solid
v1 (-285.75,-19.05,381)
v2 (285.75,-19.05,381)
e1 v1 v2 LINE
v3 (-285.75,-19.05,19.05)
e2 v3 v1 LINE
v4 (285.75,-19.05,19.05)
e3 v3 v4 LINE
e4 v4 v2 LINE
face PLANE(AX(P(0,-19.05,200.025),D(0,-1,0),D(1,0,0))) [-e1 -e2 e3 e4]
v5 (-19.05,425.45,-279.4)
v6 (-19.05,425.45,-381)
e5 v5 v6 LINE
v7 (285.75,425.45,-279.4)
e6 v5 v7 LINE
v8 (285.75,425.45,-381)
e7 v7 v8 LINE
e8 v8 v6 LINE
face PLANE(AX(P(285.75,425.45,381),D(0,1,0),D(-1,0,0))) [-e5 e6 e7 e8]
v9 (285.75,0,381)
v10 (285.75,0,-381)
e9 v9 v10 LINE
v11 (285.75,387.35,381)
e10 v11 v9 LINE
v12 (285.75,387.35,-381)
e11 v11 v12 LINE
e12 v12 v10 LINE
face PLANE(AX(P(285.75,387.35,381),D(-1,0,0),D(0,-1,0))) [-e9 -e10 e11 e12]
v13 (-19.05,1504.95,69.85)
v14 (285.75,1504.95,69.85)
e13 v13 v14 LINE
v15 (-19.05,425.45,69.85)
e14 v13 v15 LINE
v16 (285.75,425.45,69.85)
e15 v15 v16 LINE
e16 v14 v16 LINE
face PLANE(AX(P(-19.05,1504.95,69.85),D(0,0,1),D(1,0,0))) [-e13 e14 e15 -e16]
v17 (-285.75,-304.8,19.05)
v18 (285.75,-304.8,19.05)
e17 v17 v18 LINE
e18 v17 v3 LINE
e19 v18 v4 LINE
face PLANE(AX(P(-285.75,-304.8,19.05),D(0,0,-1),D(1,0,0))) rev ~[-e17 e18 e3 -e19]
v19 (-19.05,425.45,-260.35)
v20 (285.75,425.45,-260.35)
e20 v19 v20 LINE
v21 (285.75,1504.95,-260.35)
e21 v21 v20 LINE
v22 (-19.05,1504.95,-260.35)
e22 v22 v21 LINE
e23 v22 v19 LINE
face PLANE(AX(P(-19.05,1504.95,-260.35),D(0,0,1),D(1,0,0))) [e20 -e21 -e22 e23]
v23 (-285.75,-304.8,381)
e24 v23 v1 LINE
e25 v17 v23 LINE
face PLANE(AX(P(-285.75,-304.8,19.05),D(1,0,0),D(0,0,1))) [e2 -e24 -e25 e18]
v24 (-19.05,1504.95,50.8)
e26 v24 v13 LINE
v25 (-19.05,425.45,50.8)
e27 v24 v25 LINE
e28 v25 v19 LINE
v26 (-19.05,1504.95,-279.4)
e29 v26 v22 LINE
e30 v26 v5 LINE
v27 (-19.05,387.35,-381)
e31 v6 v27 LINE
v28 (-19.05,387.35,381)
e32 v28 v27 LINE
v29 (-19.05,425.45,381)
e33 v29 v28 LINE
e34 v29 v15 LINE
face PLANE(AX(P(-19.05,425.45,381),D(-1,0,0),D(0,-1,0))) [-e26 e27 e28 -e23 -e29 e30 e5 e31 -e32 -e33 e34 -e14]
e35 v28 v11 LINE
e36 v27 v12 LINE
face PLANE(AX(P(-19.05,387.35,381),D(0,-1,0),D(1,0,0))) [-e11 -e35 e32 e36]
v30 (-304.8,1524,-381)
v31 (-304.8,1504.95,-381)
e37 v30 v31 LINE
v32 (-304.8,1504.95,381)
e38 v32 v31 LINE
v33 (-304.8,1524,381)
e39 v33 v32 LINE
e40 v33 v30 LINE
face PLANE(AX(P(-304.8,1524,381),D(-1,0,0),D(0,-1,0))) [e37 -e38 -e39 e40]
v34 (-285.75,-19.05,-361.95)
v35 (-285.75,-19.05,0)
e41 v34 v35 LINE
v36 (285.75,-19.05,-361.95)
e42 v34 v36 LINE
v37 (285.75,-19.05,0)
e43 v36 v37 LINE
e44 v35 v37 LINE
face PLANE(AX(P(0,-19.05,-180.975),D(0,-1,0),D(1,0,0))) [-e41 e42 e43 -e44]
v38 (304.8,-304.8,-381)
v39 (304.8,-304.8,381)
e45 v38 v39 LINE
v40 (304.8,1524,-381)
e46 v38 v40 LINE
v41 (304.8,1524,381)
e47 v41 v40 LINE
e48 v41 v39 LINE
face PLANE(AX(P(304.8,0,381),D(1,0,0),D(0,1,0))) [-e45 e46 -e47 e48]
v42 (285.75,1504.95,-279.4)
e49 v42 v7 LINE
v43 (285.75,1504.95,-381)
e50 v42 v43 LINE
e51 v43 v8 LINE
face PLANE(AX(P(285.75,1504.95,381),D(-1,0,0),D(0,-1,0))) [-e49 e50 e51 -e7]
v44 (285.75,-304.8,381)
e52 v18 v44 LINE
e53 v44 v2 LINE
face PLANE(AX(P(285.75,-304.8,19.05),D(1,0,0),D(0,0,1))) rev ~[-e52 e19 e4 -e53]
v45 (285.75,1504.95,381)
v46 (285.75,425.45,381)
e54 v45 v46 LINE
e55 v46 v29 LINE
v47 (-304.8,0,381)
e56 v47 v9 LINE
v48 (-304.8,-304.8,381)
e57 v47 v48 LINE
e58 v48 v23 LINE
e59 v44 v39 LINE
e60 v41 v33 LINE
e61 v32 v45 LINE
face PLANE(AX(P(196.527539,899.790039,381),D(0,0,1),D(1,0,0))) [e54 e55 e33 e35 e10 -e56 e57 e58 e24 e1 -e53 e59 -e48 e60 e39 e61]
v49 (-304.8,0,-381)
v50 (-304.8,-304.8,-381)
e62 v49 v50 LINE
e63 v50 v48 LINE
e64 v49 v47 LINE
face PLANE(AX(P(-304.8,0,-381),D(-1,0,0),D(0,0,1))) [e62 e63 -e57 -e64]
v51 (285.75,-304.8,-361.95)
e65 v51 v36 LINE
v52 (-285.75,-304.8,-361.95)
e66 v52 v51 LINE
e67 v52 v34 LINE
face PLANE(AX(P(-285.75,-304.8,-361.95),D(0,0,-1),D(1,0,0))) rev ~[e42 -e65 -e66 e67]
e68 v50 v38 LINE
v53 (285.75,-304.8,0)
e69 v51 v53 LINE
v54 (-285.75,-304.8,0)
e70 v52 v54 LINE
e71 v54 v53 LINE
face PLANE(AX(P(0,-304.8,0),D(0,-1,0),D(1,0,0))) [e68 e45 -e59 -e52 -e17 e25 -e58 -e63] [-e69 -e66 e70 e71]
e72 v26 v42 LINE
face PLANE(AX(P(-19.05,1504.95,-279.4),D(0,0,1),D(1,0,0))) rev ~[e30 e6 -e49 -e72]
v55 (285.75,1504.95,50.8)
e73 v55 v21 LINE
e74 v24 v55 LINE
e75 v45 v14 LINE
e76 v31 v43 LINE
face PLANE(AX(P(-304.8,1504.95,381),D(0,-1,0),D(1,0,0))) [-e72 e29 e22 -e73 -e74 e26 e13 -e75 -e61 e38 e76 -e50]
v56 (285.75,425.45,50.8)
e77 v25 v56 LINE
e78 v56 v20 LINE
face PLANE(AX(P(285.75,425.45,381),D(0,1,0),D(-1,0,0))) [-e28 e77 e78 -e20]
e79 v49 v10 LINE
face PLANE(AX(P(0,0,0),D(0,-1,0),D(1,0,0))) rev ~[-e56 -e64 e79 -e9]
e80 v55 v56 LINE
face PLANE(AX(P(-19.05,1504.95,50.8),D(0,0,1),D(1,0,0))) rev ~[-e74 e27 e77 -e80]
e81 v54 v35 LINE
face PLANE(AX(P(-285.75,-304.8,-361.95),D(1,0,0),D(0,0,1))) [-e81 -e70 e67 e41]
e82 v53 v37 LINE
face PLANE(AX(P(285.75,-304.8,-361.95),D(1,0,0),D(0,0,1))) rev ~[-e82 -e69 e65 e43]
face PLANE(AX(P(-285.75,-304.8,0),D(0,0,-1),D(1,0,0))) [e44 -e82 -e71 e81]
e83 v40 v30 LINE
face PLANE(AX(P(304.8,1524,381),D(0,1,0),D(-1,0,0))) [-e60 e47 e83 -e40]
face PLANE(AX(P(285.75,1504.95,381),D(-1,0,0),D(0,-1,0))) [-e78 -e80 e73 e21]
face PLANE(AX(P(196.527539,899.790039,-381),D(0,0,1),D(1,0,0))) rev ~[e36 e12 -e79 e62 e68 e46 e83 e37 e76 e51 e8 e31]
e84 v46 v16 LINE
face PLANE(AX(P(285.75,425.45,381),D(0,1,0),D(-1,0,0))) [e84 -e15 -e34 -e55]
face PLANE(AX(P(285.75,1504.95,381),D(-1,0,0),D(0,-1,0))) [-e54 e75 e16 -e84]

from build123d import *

# Parameters (mm, degrees)
F0_W     = 609.6
F0_H     = 762
F1_DEPTH = 304.8
F2_W     = 571.5
F2_H     = 361.95
F3_DEPTH = 285.75
F5_DEPTH = 762
F6_W     = 304.8
F6_H     = 19.05
F7_DEPTH = 1079.5


with BuildPart() as f1:
    # F0 (on Front) → F1 (new body)
    with BuildSketch(Plane.XZ):
        Rectangle(F0_W, F0_H)
    extrude(amount=F1_DEPTH)

    # F2 (on face) → F3 (cut, through all)
    with BuildSketch(Plane.XZ.offset(304.8)):
        with Locations((0, 200.025)):
            Rectangle(F2_W, F2_H)
        with Locations((0, -180.975)):
            Rectangle(F2_W, F2_H)
    extrude(amount=-F3_DEPTH, mode=Mode.SUBTRACT)

    # F4 (on face) → F5 (join, through all)
    with BuildSketch(Plane.XY.offset(381)):
        Polygon((285.75, 0), (304.8, 0), (304.8, 1524), (-304.8, 1524), (-304.8, 1504.95), (285.75, 1504.95), (285.75, 425.45), (-19.05, 425.45), (-19.05, 387.35), (285.75, 387.35), align=None)
    extrude(amount=-F5_DEPTH)

    # F6 (on face) → F7 (join, through all)
    with BuildSketch(Plane.XZ.offset(-1504.95)):
        with Locations((133.35, -269.875)):
            Rectangle(F6_W, F6_H)
        with Locations((133.35, 60.325)):
            Rectangle(F6_W, F6_H)
    extrude(amount=F7_DEPTH)


solid = f1.part
